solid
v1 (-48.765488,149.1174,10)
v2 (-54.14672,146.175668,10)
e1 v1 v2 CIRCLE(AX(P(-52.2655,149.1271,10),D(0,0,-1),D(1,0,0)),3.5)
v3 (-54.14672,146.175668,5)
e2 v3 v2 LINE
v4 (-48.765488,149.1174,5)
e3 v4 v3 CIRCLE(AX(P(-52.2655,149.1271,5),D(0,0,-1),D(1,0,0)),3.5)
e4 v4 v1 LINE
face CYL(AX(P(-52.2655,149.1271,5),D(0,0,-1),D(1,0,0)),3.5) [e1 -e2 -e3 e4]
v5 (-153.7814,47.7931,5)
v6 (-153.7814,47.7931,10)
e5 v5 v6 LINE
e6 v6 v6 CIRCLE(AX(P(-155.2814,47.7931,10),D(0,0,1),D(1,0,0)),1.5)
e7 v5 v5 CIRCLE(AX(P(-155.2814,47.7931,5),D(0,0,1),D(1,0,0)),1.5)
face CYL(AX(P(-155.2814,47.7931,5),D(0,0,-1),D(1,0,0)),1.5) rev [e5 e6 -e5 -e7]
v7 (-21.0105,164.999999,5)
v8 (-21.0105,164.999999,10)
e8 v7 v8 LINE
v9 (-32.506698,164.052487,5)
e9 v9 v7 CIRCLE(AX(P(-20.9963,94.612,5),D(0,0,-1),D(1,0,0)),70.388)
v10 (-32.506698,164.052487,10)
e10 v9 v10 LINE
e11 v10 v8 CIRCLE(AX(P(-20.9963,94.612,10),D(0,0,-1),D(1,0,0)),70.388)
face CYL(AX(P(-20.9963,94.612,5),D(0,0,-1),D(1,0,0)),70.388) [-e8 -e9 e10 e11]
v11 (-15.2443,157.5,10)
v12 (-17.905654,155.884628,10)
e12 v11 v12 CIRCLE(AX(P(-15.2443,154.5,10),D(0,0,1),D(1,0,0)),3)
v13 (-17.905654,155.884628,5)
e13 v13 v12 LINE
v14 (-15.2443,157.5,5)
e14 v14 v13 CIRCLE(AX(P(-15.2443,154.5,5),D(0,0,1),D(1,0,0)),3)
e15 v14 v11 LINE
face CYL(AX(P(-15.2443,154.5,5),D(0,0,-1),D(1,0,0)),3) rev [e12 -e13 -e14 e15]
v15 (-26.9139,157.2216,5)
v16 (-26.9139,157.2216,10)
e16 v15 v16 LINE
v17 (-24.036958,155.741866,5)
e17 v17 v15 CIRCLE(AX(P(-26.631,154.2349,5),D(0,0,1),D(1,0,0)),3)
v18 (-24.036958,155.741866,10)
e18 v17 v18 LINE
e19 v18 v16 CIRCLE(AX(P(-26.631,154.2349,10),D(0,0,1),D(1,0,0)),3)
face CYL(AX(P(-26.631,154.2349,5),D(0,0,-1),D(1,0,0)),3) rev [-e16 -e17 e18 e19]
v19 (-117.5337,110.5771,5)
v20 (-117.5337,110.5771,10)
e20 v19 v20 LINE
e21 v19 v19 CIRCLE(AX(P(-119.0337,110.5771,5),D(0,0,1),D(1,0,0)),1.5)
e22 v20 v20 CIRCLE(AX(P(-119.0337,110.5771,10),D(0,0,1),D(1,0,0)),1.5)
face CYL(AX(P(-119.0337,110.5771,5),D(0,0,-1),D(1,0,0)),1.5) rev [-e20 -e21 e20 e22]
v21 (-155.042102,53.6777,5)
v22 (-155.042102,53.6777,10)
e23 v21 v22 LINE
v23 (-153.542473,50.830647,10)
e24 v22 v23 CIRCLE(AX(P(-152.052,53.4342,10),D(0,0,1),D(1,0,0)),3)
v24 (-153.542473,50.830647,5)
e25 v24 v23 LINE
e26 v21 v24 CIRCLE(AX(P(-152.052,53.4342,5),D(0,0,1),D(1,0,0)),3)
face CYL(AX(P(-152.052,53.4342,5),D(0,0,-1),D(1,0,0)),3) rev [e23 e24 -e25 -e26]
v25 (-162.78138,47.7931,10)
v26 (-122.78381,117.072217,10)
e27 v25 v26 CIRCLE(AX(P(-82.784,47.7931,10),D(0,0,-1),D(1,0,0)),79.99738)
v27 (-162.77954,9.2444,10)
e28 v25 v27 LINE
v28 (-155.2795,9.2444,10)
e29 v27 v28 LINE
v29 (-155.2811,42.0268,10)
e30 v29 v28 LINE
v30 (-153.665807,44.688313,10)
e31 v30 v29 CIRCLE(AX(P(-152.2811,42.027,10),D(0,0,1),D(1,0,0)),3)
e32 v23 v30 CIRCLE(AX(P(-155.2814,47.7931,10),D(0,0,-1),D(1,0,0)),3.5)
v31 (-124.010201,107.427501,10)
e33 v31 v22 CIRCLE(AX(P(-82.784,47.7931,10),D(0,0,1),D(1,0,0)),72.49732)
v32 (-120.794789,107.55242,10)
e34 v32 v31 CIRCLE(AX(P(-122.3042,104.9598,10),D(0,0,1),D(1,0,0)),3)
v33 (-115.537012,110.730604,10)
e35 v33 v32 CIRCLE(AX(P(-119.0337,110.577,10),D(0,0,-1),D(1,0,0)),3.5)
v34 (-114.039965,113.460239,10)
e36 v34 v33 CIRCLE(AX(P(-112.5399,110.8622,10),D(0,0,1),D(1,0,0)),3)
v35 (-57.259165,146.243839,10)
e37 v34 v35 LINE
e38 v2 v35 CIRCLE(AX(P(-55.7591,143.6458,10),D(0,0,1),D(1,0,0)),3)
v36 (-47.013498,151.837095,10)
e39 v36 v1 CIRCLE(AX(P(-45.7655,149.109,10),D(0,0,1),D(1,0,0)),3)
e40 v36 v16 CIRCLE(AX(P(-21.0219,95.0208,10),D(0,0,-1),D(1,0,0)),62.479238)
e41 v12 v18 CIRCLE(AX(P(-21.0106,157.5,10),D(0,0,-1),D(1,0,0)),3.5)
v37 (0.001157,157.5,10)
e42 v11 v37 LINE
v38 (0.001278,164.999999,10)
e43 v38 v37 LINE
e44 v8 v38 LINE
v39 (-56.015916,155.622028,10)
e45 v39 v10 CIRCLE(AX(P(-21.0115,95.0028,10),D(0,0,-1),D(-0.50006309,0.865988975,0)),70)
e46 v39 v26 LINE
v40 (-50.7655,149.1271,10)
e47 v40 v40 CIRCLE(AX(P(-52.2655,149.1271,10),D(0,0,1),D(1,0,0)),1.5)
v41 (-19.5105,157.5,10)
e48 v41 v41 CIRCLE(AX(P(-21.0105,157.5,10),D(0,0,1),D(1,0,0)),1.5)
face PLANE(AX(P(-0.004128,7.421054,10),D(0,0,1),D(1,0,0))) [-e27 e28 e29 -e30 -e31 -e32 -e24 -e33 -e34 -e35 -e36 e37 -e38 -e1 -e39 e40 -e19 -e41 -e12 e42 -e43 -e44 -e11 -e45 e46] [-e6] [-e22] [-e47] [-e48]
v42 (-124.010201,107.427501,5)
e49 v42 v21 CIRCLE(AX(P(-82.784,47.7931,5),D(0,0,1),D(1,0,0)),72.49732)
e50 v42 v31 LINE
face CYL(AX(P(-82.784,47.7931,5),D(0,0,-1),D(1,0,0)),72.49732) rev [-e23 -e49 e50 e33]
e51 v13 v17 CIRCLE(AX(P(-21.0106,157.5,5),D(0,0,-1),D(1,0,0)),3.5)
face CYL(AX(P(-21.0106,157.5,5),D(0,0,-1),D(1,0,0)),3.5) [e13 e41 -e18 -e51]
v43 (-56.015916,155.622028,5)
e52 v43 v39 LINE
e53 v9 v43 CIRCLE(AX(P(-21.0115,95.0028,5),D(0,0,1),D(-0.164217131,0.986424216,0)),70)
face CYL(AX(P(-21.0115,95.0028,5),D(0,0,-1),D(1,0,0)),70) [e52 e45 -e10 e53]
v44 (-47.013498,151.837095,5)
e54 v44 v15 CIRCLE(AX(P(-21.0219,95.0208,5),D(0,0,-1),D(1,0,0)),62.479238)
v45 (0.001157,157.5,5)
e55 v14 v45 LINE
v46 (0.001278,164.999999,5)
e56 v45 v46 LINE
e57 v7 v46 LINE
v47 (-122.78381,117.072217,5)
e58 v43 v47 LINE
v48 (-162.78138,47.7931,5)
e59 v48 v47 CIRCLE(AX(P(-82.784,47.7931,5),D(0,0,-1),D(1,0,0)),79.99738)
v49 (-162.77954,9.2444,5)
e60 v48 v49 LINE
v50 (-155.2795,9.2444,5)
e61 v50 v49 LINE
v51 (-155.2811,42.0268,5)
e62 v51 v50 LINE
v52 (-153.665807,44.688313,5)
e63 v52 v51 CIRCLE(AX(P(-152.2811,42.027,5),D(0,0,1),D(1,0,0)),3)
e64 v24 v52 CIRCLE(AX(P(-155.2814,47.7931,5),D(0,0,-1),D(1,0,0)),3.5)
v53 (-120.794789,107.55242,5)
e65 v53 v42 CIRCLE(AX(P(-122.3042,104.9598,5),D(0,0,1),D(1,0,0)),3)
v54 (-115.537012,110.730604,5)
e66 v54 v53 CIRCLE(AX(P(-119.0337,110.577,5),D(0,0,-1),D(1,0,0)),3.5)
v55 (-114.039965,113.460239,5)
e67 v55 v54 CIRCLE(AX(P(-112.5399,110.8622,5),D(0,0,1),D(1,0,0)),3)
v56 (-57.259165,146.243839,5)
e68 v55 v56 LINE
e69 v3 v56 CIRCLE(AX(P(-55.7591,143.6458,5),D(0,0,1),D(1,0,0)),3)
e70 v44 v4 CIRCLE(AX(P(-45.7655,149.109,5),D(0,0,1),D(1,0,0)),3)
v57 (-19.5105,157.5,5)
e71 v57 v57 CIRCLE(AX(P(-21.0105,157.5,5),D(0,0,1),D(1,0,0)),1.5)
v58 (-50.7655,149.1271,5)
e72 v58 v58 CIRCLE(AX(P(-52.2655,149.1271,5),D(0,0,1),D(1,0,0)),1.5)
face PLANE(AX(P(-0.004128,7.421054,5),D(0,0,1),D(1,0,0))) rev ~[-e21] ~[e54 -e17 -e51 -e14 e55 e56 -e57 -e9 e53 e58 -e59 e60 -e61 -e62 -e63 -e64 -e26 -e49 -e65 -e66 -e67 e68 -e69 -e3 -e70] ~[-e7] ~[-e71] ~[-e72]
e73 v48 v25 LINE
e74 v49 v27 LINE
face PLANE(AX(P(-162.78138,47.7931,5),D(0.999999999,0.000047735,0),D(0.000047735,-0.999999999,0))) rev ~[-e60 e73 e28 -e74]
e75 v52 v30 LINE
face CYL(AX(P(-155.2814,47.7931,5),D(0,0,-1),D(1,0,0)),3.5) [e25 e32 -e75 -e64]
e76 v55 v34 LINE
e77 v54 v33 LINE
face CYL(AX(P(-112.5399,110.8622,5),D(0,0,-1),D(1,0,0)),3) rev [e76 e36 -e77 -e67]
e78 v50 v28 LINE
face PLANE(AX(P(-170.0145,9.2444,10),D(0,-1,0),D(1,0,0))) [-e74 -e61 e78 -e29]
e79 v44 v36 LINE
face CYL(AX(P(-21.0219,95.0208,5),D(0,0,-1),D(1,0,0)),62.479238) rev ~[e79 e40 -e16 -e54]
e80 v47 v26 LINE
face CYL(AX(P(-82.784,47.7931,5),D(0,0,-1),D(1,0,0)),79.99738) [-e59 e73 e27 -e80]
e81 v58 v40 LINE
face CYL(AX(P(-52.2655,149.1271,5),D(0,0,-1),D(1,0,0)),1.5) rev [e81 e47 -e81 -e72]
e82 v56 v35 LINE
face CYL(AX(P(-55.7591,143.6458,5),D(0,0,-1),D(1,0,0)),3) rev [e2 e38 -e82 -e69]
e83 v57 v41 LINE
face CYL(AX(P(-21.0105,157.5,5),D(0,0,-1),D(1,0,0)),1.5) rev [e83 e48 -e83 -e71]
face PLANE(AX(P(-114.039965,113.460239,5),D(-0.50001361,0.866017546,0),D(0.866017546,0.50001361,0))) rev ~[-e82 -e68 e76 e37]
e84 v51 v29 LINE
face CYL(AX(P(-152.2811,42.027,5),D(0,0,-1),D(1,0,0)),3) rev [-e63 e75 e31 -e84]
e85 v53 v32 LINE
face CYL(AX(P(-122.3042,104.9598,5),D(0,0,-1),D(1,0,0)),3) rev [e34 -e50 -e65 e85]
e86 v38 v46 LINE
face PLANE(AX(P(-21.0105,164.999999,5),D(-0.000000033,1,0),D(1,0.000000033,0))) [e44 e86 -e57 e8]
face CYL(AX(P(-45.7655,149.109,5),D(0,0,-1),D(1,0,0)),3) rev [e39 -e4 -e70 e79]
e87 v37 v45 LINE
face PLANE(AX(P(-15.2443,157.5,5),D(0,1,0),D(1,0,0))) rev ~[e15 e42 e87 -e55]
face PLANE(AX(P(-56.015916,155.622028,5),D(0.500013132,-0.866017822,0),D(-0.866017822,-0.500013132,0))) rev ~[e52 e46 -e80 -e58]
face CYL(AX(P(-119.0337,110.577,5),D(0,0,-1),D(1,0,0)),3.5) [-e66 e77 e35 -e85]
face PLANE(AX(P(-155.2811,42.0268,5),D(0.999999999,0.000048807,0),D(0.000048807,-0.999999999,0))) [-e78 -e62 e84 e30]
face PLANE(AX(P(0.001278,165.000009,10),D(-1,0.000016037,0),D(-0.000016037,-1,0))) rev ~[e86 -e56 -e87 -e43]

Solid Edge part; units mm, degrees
sketch "Sketch1" plane through (0.0007, 14.651, 5) normal (0, 0, 1) x (1, 0, 0)
  line L0 (-114.0407, 98.8093) -> (-57.2599, 131.5929)
  arc A0 (-54.1474, 131.5247) -> (-57.2599, 131.5929) centre (-55.7598, 128.9948) ccw
  arc A1 (-47.0142, 137.1861) -> (-48.7662, 134.4664) centre (-45.7662, 134.458) ccw
  arc A2 (-47.0142, 137.1861) -> (-26.9146, 142.5706) centre (-21.0226, 80.3698) cw
  arc A3 (-24.0376, 141.0909) -> (-26.9146, 142.5706) centre (-26.6317, 139.5839) ccw
  arc A4 (-15.245, 142.849) -> (-17.9063, 141.2336) centre (-15.245, 139.849) ccw
  line L1 (-15.245, 142.849) -> (15.2436, 142.849)
  arc A5 (17.905, 141.2336) -> (15.2436, 142.849) centre (15.2436, 139.849) ccw
  arc A6 (26.9132, 142.5696) -> (24.036, 141.0904) centre (26.6298, 139.583) ccw
  arc A7 (26.9132, 142.5696) -> (47.0027, 137.1869) centre (21.0099, 80.3561) cw
  arc A8 (48.7549, 134.4673) -> (47.0027, 137.1869) centre (45.7549, 134.4587) ccw
  arc A9 (57.2487, 131.5943) -> (54.1362, 131.526) centre (55.7487, 128.9962) ccw
  line L2 (57.2487, 131.5943) -> (114.0299, 98.8129)
  arc A10 (115.5271, 96.0833) -> (114.0299, 98.8129) centre (112.5299, 96.2148) ccw
  arc A11 (124.0003, 92.7805) -> (120.7849, 92.9052) centre (122.2944, 90.3127) ccw
  arc A12 (124.0003, 92.7805) -> (155.0355, 39.027) centre (82.7747, 33.1424) cw
  arc A13 (153.5358, 36.1799) -> (155.0355, 39.027) centre (152.0454, 38.7835) ccw
  arc A14 (155.2747, 27.3761) -> (153.6593, 30.0375) centre (152.2747, 27.3761) ccw
  line L3 (155.2747, 27.3761) -> (155.2747, -38.192)
  arc A15 (153.6593, -40.8534) -> (155.2747, -38.192) centre (152.2747, -38.192) ccw
  arc A16 (154.9954, -49.8615) -> (153.5161, -46.9844) centre (152.0088, -49.5782) ccw
  arc A17 (154.9954, -49.8615) -> (149.6134, -69.9554) centre (92.7533, -43.9583) cw
  arc A18 (146.8942, -71.7079) -> (149.6134, -69.9554) centre (146.8851, -68.7079) ccw
  arc A19 (144.0217, -80.2016) -> (143.9534, -77.0892) centre (141.4236, -78.7016) ccw
  line L4 (144.0217, -80.2016) -> (127.6444, -108.5679)
  arc A20 (122.7007, -116.5716) -> (122.8583, -113.3403) centre (120.256, -114.8329) ccw
  arc A21 (77.6703, -142.5696) -> (122.7007, -116.5716) centre (71.767, -80.3476) ccw
  arc A22 (74.7931, -141.0904) -> (77.6703, -142.5696) centre (77.3869, -139.583) ccw
  arc A23 (66.0007, -142.849) -> (68.6621, -141.2336) centre (66.0007, -139.849) ccw
  line L5 (5.7656, -142.849) -> (66.0007, -142.849)
  arc A24 (3.1042, -141.2336) -> (5.7656, -142.849) centre (5.7656, -139.849) ccw
  arc A25 (-5.767, -142.849) -> (-3.1056, -141.2336) centre (-5.767, -139.849) ccw
  line L6 (-66.0021, -142.849) -> (-5.767, -142.849)
  arc A26 (-68.6634, -141.2336) -> (-66.0021, -142.849) centre (-66.0021, -139.849) ccw
  arc A27 (-77.6716, -142.5694) -> (-74.7944, -141.0903) centre (-77.3881, -139.5828) ccw
  arc A28 (-122.6994, -116.5717) -> (-77.6716, -142.5694) centre (-71.7665, -80.349) ccw
  arc A29 (-122.857, -113.3404) -> (-122.6994, -116.5717) centre (-120.2547, -114.833) ccw
  arc A30 (-128.7762, -106.6053) -> (-126.0465, -108.1024) centre (-126.1781, -105.1053) ccw
  line L7 (-144.0218, -80.199) -> (-128.7762, -106.6053)
  arc A31 (-143.9535, -77.0865) -> (-144.0218, -80.199) centre (-141.4237, -78.699) ccw
  arc A32 (-149.6144, -69.9531) -> (-146.8949, -71.7053) centre (-146.8862, -68.7053) ccw
  arc A33 (-154.9987, -49.8585) -> (-149.6144, -69.9531) centre (-92.7672, -43.9523) ccw
  arc A34 (-153.5196, -46.9813) -> (-154.9987, -49.8585) centre (-152.0122, -49.5751) ccw
  arc A35 (-155.2786, -38.189) -> (-153.6631, -40.8503) centre (-152.2786, -38.1889) ccw
  line L8 (-155.2818, 27.3758) -> (-155.2786, -38.189)
  arc A36 (-153.6665, 30.0373) -> (-155.2818, 27.3758) centre (-152.2818, 27.376) ccw
  arc A37 (-155.0428, 39.0267) -> (-153.5432, 36.1796) centre (-152.0527, 38.7832) ccw
  arc A38 (-124.0109, 92.7765) -> (-155.0428, 39.0267) centre (-82.7847, 33.1421) ccw
  arc A39 (-120.7955, 92.9014) -> (-124.0109, 92.7765) centre (-122.3049, 90.3088) ccw
  arc A40 (-114.0407, 98.8093) -> (-115.5378, 96.0796) centre (-112.5406, 96.2112) ccw
  arc A41 (-48.7662, 134.4664) -> (-54.1474, 131.5247) centre (-52.2662, 134.4761) cw
  arc A42 (-17.9064, 141.2336) -> (-24.0377, 141.0909) centre (-21.0113, 142.849) cw
  arc A43 (24.036, 141.0904) -> (17.905, 141.2336) centre (21.0099, 142.849) cw
  arc A44 (54.1362, 131.526) -> (48.7549, 134.4673) centre (52.2549, 134.4774) cw
  arc A45 (120.7849, 92.9052) -> (115.5271, 96.0832) centre (119.0237, 95.9298) cw
  arc A46 (153.6593, 30.0375) -> (153.5358, 36.1799) centre (155.2747, 33.1424) cw
  arc A47 (153.5161, -46.9844) -> (153.6593, -40.8534) centre (155.2747, -43.9583) cw
  arc A48 (143.9534, -77.0891) -> (146.8942, -71.7079) centre (146.9048, -75.2079) cw
  arc A49 (122.8584, -113.3404) -> (127.6444, -108.5679) centre (125.8944, -111.599) cw
  arc A50 (68.6621, -141.2336) -> (74.7931, -141.0904) centre (71.767, -142.849) cw
  arc A51 (-3.1056, -141.2336) -> (3.1042, -141.2336) centre (-0.0007, -142.849) cw
  arc A52 (-74.7944, -141.0903) -> (-68.6635, -141.2336) centre (-71.7684, -142.849) cw
  arc A53 (-126.0466, -108.1024) -> (-122.857, -113.3404) centre (-125.8931, -111.599) cw
  arc A54 (-146.8949, -71.7053) -> (-143.9536, -77.0866) centre (-146.905, -75.2053) cw
  arc A55 (-153.6632, -40.8503) -> (-153.5196, -46.9813) centre (-155.2784, -43.9553) cw
  arc A56 (-153.5432, 36.1796) -> (-153.6665, 30.0373) centre (-155.2821, 33.1421) cw
  arc A57 (-115.5377, 96.0796) -> (-120.7955, 92.9014) centre (-119.0344, 95.926) cw
  line L9 (-56.0166, 140.971) -> (-122.7845, 102.4212)
  arc A58 (-162.7821, 33.1421) -> (-122.7845, 102.4212) centre (-82.7847, 33.1421) cw
  line L10 (-162.7821, 33.1421) -> (-162.7784, -43.9553)
  arc A59 (-162.7784, -43.9553) -> (-153.4002, -78.9553) centre (-92.7784, -43.9553) ccw
  line L11 (-132.3882, -115.349) -> (-153.4002, -78.9553)
  arc A60 (-132.3882, -115.349) -> (-71.7683, -150.349) centre (-71.7665, -80.349) ccw
  line L12 (71.767, -150.349) -> (-71.7683, -150.349)
  arc A61 (71.767, -150.349) -> (132.3896, -115.349) centre (71.7678, -80.349) ccw
  line L13 (132.3896, -115.349) -> (153.4002, -78.9576)
  arc A62 (162.7747, -43.9583) -> (153.4002, -78.9576) centre (92.791, -43.9684) cw
  line L14 (162.7747, 33.1424) -> (162.7747, -43.9583)
  arc A63 (122.7736, 102.4251) -> (162.7747, 33.1424) centre (82.7747, 33.1424) cw
  line L15 (56.0045, 140.9728) -> (122.7736, 102.4251)
  arc A64 (21.0099, 150.349) -> (56.0045, 140.9728) centre (21.008, 80.349) cw
  line L16 (-21.0112, 150.349) -> (21.0099, 150.349)
  arc A65 (-32.5074, 149.4015) -> (-21.0112, 150.349) centre (-20.997, 79.961) cw
  arc A66 (-44.641, 146.2432) -> (-32.5074, 149.4015) centre (-21.0122, 80.3518) cw
  arc A67 (-56.0166, 140.971) -> (-44.641, 146.2432) centre (-21.0122, 80.3518) cw
  circle A68 centre (-71.7683, -142.849) radius 1.5
  circle A69 centre (-0.0007, -142.849) radius 1.5
  circle A70 centre (-125.893, -111.599) radius 1.5
  circle A71 centre (-146.905, -75.2053) radius 1.5
  circle A72 centre (-155.2784, -43.9553) radius 1.5
  circle A73 centre (-155.2821, 33.1421) radius 1.5
  circle A74 centre (-119.0344, 95.9261) radius 1.5
  circle A75 centre (-52.2662, 134.4761) radius 1.5
  circle A76 centre (-21.0112, 142.849) radius 1.5
  circle A77 centre (21.0099, 142.849) radius 1.5
  circle A78 centre (52.2549, 134.4774) radius 1.5
  circle A79 centre (119.0237, 95.9298) radius 1.5
  circle A80 centre (155.2747, 33.1424) radius 1.5
  circle A81 centre (155.2747, -43.9583) radius 1.5
  circle A82 centre (146.9048, -75.2079) radius 1.5
  circle A83 centre (125.8944, -111.599) radius 1.5
  circle A84 centre (71.767, -142.849) radius 1.5
extrude "ExtrudedProtrusion_7" add sketch "Sketch1" along normal blind 5
sketch "Sketch2" plane through (-0.003, 14.651, 10) normal (0, 0, 1) x (1, 0, 0)
  line L0 (-170.0115, -5.4066) -> (169.0999, -5.4066)
  line L1 (169.0999, -5.4066) -> (169.0999, -159.984)
  line L2 (169.0999, -159.984) -> (-170.0115, -159.984)
  line L3 (-170.0115, -159.984) -> (-170.0115, -5.4066)
extrude "Cutout1" cut sketch "Sketch2" against normal up to next
sketch "Sketch3" plane through (-0.003, 87.1222, 10) normal (0, 0, 1) x (0.866, -0.5, 0)
  line L0 (-38.9352, 67.4463) -> (43.5625, -75.4492)
  line L1 (43.5625, -75.4492) -> (205.1735, 17.8535)
  line L2 (205.1735, 17.8535) -> (122.2113, 161.5535)
  line L3 (122.2113, 161.5535) -> (-38.8416, 68.573)
  line L4 (-38.9352, 67.4463) -> (-38.8416, 68.573)
extrude "Cutout2" cut sketch "Sketch3" against normal up to next
properties material "Polycarbonate"
